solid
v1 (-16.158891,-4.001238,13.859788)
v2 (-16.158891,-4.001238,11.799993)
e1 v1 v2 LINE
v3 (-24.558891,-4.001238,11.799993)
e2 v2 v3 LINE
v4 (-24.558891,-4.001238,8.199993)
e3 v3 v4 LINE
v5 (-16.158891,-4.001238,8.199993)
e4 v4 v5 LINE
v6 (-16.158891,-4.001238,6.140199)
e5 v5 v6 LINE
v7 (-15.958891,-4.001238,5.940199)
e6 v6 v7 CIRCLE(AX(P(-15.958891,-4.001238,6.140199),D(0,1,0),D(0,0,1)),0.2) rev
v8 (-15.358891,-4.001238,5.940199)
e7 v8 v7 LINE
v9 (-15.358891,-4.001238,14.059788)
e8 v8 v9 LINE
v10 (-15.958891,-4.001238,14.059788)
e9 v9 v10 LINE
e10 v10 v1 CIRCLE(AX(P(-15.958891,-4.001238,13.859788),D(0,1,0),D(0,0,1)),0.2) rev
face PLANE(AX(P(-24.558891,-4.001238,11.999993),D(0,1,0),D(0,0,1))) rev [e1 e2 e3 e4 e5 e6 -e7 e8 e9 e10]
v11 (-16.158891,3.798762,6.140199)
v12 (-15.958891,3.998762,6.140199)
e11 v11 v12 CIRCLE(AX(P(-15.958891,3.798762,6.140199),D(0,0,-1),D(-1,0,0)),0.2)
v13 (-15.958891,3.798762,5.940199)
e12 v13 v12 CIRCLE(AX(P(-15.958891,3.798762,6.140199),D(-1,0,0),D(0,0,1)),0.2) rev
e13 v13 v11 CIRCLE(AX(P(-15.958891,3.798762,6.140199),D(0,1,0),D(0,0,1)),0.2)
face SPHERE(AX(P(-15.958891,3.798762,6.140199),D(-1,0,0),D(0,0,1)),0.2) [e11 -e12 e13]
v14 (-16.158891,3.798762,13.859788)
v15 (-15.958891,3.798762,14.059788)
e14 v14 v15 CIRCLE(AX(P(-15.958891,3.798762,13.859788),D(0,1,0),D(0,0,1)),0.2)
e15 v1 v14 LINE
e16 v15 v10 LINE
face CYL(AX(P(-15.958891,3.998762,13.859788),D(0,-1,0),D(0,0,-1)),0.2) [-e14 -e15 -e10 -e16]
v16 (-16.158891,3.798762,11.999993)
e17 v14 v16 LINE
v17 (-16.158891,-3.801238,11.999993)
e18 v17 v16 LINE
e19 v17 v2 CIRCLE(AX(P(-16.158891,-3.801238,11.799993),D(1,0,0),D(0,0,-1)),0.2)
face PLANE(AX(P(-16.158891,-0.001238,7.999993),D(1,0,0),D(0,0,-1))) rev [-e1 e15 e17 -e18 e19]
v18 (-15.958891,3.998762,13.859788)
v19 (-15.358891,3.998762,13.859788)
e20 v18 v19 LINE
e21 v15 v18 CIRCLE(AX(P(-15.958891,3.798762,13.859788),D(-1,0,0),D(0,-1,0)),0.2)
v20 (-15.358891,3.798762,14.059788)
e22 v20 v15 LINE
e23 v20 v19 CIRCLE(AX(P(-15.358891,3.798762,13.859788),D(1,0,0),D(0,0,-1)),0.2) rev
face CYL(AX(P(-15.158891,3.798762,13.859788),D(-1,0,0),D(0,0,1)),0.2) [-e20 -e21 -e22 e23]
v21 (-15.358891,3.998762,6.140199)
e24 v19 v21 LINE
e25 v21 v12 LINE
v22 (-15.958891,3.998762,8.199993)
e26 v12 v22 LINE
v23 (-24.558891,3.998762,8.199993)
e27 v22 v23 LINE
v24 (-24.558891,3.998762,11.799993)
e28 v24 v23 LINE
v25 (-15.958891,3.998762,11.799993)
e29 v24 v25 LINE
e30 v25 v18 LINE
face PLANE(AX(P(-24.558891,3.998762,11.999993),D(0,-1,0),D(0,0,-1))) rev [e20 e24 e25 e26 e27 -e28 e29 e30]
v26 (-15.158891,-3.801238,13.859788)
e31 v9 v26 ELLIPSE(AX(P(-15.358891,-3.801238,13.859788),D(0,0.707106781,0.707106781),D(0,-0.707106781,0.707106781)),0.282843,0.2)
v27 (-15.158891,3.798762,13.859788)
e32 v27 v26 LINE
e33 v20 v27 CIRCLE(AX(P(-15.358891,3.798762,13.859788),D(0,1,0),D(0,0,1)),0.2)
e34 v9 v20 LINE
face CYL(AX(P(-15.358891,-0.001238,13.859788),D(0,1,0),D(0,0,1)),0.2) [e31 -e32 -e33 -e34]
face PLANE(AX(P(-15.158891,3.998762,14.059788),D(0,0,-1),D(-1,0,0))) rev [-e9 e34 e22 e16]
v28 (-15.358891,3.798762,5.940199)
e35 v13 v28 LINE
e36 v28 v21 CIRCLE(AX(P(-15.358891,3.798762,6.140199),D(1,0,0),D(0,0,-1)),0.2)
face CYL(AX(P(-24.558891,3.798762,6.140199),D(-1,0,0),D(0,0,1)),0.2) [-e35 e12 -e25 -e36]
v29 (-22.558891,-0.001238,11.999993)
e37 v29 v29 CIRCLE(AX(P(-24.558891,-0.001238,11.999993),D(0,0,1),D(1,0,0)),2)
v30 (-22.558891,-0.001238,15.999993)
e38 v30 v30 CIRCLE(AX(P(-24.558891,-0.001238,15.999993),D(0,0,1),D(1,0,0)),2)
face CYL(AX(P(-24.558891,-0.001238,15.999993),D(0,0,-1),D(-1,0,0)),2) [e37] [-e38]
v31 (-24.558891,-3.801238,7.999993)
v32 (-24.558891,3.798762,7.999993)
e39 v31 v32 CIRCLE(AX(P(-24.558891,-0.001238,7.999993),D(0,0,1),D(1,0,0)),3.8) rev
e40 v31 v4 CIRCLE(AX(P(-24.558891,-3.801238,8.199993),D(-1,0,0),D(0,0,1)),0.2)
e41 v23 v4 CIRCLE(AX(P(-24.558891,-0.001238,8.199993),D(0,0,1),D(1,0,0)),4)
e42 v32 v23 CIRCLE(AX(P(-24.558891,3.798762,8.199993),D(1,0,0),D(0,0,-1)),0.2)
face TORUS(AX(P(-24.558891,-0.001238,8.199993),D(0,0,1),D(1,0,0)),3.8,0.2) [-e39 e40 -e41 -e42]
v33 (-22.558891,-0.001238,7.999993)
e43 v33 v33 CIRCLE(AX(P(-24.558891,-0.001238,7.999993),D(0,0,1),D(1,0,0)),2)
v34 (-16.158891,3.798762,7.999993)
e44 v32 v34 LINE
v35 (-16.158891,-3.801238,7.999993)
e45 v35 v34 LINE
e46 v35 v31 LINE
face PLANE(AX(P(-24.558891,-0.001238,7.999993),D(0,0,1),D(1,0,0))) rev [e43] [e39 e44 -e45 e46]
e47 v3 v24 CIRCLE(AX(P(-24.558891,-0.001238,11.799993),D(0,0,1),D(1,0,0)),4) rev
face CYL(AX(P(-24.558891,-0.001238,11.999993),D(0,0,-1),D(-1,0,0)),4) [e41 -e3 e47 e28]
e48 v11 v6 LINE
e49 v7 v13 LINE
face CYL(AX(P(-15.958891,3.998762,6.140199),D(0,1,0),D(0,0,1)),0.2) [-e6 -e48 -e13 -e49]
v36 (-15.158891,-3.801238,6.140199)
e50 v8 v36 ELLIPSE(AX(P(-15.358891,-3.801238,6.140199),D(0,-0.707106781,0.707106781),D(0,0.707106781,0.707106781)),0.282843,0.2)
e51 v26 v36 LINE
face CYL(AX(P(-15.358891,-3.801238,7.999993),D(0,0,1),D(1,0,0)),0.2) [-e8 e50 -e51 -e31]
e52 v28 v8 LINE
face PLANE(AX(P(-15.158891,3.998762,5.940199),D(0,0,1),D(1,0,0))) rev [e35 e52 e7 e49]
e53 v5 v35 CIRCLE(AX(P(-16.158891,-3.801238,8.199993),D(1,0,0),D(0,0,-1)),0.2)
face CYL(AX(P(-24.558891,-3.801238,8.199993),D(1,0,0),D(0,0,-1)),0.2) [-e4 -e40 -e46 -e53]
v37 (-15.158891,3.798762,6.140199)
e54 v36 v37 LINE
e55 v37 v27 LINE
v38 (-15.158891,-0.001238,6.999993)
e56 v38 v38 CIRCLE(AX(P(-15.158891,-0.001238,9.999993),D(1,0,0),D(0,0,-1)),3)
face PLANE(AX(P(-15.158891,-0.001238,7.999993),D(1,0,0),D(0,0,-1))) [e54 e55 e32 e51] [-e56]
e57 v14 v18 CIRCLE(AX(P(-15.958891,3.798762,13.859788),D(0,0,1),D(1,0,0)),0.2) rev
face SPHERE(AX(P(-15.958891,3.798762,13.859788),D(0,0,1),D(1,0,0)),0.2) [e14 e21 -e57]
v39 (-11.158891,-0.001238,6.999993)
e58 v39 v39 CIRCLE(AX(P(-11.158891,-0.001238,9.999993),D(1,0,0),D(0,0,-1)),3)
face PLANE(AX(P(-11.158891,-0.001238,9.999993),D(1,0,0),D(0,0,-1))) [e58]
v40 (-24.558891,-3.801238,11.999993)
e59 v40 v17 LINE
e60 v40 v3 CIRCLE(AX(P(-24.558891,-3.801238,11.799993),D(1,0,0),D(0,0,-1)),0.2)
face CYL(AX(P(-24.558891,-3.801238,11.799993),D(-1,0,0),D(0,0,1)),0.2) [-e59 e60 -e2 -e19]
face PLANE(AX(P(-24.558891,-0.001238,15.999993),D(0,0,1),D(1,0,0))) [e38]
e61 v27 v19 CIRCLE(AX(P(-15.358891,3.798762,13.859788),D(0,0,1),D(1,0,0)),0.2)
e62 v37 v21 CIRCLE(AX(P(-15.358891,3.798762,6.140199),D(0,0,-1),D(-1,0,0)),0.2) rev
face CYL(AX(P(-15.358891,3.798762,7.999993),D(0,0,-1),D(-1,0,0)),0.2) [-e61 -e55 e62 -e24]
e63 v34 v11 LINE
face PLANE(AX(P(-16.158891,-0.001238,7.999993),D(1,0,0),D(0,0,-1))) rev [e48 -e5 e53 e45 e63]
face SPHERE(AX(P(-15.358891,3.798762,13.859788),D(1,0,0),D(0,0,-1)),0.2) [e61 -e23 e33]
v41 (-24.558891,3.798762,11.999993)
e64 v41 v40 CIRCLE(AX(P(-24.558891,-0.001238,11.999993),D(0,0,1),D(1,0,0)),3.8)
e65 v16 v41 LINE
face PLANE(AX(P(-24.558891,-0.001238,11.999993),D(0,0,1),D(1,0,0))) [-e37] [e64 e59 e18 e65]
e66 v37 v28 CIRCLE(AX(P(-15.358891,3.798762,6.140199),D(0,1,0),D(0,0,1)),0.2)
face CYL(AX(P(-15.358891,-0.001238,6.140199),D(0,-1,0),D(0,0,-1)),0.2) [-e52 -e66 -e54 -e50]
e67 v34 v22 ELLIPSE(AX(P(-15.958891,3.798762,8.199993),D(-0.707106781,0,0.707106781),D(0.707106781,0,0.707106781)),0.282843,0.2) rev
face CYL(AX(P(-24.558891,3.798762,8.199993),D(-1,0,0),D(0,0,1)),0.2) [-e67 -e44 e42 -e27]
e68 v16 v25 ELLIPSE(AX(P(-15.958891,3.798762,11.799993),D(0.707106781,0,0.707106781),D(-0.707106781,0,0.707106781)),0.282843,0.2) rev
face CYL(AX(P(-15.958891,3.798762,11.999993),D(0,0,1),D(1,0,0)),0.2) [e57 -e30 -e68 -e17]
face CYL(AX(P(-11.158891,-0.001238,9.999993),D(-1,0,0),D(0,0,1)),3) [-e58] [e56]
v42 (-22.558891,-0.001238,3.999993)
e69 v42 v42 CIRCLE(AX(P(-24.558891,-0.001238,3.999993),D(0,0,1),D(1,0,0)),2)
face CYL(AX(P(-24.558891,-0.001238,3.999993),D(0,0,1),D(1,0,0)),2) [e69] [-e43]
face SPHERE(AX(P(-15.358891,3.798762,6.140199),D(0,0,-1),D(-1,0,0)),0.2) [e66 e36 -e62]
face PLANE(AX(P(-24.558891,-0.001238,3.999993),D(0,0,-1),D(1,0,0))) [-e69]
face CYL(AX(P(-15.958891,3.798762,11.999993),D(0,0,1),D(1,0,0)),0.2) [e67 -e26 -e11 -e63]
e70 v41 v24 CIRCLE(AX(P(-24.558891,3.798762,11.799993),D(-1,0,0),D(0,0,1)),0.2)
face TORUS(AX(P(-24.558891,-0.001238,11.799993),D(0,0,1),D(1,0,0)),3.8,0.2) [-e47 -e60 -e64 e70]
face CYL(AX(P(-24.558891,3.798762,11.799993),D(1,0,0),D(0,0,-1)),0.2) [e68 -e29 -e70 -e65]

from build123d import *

# Parameters (mm, degrees)
BOSS_EXTRUDE1_DEPTH = 20
SKETCH2_R           = 10
BOSS_EXTRUDE2_DEPTH = 20
SKETCH3_W           = 40.597946668
SKETCH3_H           = 40
BOSS_EXTRUDE3_DEPTH = 5
SKETCH4_R           = 15
BOSS_EXTRUDE4_DEPTH = 20
FILLET1_R           = 1
L_EK2_SCALE         = 0.2


with BuildPart() as part:
    # Sketch1 → Boss-Extrude1 (new body)
    with BuildSketch(Plane.XY):
        with BuildLine():
            Line((-42, 20), (0, 20))
            Line((0, 20), (0, -20))
            Line((0, -20), (-42, -20))
            ThreePointArc((-42, -20), (-62, 0), (-42, 20))
        make_face()
    extrude(amount=BOSS_EXTRUDE1_DEPTH)

    # Sketch2 → Boss-Extrude2 (add)
    with BuildSketch(Plane.XY.offset(20)):
        with Locations((-42, 0)):
            Circle(SKETCH2_R)
    boss_extrude2 = extrude(amount=BOSS_EXTRUDE2_DEPTH)

    # Mirror1: Boss-Extrude2 across plane
    add(boss_extrude2.mirror(Plane.XY.offset(10)))

    # Sketch3 → Boss-Extrude3 (add)
    with BuildSketch(Plane(origin=(0, 0, 0), x_dir=(0, 0, -1), z_dir=(1, 0, 0))):
        with Locations((-10, 0)):
            Rectangle(SKETCH3_W, SKETCH3_H)
    extrude(amount=BOSS_EXTRUDE3_DEPTH)

    # Sketch4 → Boss-Extrude4 (add)
    with BuildSketch(Plane(origin=(5, 0, 0), x_dir=(0, 0, -1), z_dir=(1, 0, 0))):
        with Locations((-10, 0)):
            Circle(SKETCH4_R)
    extrude(amount=BOSS_EXTRUDE4_DEPTH)

    # Fillet1
    fillet1_edges = [part.edges().sort_by_distance(p)[0] for p in [
        (-21, 20, 20),
        (0, 0, -10.298973334),
        (0, 20, -5.149486667),
        (0, 20, 25.149486667),
        (2.5, 20, -10.298973334),
        (0, 0, 30.298973334),
        (2.5, 20, 30.298973334),
        (5, 0, -10.298973334),
        (5, 20, 10),
        (5, 0, 30.298973334),
        (5, -20, 10),
        (-62, 0, 20),
        (-21, 20, 0),
        (-21, -20, 0),
        (-62, 0, 0),
        (-21, -20, 20),
    ]]
    fillet(fillet1_edges, radius=FILLET1_R)


with BuildPart() as part_1:
    # Ölçek2: scaled about (-20.19862857, -0.001535567, 10)
    add(part.part.scale(L_EK2_SCALE).moved(Location((-16.158902856, -0.001228454, 8))))


solid = part_1.part
